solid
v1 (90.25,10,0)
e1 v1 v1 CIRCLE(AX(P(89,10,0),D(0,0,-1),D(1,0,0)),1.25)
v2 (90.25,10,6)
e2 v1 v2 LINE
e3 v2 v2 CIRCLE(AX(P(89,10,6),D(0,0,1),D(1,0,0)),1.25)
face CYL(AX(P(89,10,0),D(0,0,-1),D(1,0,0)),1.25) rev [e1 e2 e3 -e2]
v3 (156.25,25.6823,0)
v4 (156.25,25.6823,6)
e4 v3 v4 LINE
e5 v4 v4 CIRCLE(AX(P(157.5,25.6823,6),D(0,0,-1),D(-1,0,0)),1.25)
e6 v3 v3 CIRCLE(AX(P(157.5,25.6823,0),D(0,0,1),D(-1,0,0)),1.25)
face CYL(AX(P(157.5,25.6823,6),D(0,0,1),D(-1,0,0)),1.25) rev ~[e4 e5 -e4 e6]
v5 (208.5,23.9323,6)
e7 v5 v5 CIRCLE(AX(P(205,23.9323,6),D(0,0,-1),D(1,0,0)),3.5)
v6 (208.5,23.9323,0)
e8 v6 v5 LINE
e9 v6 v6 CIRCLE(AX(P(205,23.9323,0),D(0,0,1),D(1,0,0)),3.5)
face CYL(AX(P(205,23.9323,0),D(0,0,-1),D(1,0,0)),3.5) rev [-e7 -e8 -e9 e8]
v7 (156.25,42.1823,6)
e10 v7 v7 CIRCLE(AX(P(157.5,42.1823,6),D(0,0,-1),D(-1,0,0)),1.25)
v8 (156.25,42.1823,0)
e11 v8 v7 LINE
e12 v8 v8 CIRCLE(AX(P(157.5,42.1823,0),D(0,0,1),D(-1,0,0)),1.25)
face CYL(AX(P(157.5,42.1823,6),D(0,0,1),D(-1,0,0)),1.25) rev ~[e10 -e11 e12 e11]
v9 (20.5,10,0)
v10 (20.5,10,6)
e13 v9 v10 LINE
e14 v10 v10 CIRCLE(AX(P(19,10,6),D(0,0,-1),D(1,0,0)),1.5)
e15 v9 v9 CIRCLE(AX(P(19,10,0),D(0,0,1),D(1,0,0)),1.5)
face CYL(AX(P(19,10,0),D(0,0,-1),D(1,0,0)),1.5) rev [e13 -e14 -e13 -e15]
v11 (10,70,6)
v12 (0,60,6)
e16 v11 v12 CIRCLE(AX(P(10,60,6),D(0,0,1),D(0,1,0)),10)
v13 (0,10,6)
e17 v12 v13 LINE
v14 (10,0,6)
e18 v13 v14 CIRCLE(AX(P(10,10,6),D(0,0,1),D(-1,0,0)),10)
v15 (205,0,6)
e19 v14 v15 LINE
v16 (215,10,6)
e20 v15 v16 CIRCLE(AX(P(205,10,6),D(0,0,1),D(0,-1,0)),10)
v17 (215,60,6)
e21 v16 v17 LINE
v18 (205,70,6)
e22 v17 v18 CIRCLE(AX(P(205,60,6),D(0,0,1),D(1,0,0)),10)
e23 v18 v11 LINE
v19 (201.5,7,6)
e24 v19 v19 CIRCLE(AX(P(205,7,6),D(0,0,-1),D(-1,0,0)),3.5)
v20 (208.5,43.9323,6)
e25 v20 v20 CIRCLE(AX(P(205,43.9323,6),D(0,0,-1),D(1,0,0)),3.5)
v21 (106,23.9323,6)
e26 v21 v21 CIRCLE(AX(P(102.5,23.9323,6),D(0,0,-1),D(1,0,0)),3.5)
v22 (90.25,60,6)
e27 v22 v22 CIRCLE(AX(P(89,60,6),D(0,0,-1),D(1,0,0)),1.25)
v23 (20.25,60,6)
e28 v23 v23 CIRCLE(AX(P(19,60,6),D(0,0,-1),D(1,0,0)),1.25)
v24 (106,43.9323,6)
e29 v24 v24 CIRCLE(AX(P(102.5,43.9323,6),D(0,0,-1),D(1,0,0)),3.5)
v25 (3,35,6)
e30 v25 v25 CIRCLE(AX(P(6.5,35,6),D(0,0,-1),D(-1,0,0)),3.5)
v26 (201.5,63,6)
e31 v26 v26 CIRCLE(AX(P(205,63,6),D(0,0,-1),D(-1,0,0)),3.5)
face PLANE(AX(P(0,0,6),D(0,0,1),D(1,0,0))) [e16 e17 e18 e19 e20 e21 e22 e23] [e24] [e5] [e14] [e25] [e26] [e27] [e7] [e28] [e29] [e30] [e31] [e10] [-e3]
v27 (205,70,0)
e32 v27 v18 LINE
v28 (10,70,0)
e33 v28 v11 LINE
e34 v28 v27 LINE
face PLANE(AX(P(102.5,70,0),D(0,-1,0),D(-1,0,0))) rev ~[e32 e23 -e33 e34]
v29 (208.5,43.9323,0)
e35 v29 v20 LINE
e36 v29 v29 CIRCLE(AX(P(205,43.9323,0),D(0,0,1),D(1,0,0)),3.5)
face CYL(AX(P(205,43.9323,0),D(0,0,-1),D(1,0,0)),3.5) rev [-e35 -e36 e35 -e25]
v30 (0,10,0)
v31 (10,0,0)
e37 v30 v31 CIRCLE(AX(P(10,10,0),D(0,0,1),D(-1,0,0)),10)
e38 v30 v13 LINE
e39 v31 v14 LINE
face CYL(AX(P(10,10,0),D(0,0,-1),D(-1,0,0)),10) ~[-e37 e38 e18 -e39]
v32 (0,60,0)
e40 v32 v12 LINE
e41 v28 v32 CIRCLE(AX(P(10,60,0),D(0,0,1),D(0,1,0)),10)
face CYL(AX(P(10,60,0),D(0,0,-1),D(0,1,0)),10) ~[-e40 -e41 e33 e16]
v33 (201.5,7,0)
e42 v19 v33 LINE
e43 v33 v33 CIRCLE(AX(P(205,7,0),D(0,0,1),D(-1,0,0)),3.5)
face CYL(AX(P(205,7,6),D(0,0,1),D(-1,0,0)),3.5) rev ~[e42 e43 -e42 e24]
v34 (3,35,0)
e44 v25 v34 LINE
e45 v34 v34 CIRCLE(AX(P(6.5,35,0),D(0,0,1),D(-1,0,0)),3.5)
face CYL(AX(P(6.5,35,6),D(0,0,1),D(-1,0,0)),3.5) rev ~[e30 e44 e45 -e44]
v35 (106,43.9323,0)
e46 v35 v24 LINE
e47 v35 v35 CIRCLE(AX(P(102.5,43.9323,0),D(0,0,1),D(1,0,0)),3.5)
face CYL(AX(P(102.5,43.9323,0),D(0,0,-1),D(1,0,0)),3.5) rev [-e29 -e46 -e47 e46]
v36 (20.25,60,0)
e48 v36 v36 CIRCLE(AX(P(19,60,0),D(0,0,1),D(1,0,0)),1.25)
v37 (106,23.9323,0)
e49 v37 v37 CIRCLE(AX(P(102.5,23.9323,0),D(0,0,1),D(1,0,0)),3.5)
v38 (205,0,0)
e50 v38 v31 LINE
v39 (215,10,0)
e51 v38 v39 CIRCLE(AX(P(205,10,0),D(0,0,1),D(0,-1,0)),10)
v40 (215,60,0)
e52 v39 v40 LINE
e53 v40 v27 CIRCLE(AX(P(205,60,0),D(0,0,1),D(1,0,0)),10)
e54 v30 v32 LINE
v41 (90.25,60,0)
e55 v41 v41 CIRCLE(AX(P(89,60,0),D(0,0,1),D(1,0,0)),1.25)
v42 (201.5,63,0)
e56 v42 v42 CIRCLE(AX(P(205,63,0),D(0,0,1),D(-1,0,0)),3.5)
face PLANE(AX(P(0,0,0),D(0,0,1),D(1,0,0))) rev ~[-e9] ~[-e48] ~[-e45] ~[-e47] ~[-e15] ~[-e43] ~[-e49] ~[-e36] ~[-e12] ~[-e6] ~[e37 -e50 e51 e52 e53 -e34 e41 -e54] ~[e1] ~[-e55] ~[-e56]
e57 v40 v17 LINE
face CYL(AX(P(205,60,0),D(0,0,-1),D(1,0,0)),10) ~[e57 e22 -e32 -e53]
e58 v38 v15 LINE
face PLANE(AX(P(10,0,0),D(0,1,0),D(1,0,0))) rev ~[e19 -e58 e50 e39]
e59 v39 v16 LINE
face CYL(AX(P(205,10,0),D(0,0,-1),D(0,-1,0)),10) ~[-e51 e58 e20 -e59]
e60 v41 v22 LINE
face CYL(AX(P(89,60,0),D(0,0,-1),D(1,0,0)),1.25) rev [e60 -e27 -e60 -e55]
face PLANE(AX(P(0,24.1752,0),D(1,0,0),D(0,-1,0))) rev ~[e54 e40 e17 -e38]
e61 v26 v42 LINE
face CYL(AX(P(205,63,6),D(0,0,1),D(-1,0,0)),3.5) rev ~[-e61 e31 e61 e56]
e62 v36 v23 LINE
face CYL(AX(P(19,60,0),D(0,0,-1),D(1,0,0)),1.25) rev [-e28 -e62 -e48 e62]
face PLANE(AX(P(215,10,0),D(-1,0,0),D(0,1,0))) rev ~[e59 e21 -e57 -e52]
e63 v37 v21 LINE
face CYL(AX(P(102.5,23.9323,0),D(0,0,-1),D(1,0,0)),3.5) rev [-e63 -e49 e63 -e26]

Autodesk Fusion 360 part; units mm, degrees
sketch "Sketch1" plane through (0, 0, 0) normal (0, 0, 1) x (1, 0, 0)
  line L0 (10, 0) -> (205, 0)
  line L1 (215, 10) -> (215, 60)
  line L2 (205, 70) -> (10, 70)
  line L3 (0, 60) -> (0, 10)
  arc A0 (10, 70) -> (0, 60) centre (10, 60) ccw
  arc A1 (0, 10) -> (10, 0) centre (10, 10) ccw
  arc A2 (215, 60) -> (205, 70) centre (205, 60) ccw
  arc A3 (205, 0) -> (215, 10) centre (205, 10) ccw
  line L4 (205, 70) -> (205, 0)
  circle A4 centre (205, 43.9323) radius 3.5
  circle A5 centre (205, 23.9323) radius 3.5
  line L5 (102.5, 70) -> (102.5, 0)
  line L6 (205, 43.9323) -> (102.5, 43.9323)
  line L7 (205, 23.9323) -> (102.5, 23.9323)
  circle A6 centre (102.5, 43.9323) radius 3.5
  circle A7 centre (102.5, 23.9323) radius 3.5
  line L8 (89, 60) -> (49, 60)
  line L9 (49, 60) -> (49, 10)
  line L10 (49, 10) -> (89, 10)
  line L11 (89, 10) -> (89, 60)
  line L12 (102.5, 35) -> (89, 35)
  line L13 (49, 52.5466) -> (19, 52.5466)
  line L14 (19, 52.5466) -> (19, 17.4534)
  line L15 (19, 17.4534) -> (49, 17.4534)
  line L16 (49, 17.4534) -> (49, 52.5466)
  line L17 (19, 35) -> (49, 35)
  line L18 (0, 0) -> (0, 24.1752)
  line L19 (0, 0) -> (-15.0158, 0)
  line L20 (89, 60) -> (19, 60)
  line L21 (19, 60) -> (19, 10)
  line L22 (19, 10) -> (89, 10)
  line L23 (89, 10) -> (89, 60)
  circle A8 centre (89, 60) radius 1.25
  circle A9 centre (89, 10) radius 1.25
  circle A10 centre (19, 10) radius 1.5
  circle A11 centre (19, 60) radius 1.25
  point P0 (215, 0)
  point P1 (215, 70)
  point P2 (0, 70)
  dimension "d1" = 215
  dimension "d2" = 70
  dimension "d3" = 10
  dimension "d4" = 10
  dimension "d5" = 10
  dimension "d6" = 10
  dimension "d7" = 10
  dimension "d8" = 7
  dimension "d9" = 7
  dimension "d10" = 20
  dimension "d11" = 102.5
  dimension "d12" = 7
  dimension "d13" = 7
  dimension "d14" = 40
  dimension "d15" = 50
  dimension "d16" = 90
  dimension "d17" = 13.5
  dimension "d18" = 30
  dimension "d19" = 90
  dimension "d20" = 2.5
  dimension "d21" = 2.5
  dimension "d22" = 3
  dimension "d23" = 2.5
extrude "Extrude1" add sketch "Sketch1" along normal blind 6 contours L8 L9 L10 L11 L16 L20 L22 L23 A8 A9 | L0 L2 L3 A0 A1 L5 A6 A7 L18 | L0 L4 A5 L5 L7 A7 | L1 A2 A3 L4 A4 A5 | L4 A4 A5 L5 L6 L7 A6 A7 | L2 L4 A4 L5 L6 A6 | L9 L15 L21 L22 A10 | L9 L13 L20 L21 A11 | L9 L14 L15 L16 L17 L21 | L9 L13 L14 L16 L17 L21
sketch "Sketch2" plane through (0, 0, 6) normal (0, 0, 1) x (-1, 0, 0)
  circle A0 centre (-19, -60) radius 1.25
  circle A1 centre (-102.5, -43.9323) radius 3.5
  circle A2 centre (-89, -60) radius 1.25
  circle A3 centre (-89, -10) radius 1.25
  circle A4 centre (-102.5, -23.9323) radius 3.5
  circle A5 centre (-19, -10) radius 1.5
  circle A6 centre (-205, -23.9323) radius 3.5
  circle A7 centre (-205, -43.9323) radius 3.5
  arc A8 (0, -10) -> (-10, 0) centre (-10, -10) ccw
  line L0 (-10, 0) -> (-205, 0)
  arc A9 (-205, 0) -> (-215, -10) centre (-205, -10) ccw
  line L1 (-215, -10) -> (-215, -60)
  arc A10 (-215, -60) -> (-205, -70) centre (-205, -60) ccw
  line L2 (-205, -70) -> (-10, -70)
  arc A11 (-10, -70) -> (0, -60) centre (-10, -60) ccw
  line L3 (0, -60) -> (0, -10)
  line L4 (-157.5, -70) -> (-157.5, 0)
  line L5 (-102.5, -43.9323) -> (-102.5, -23.9323)
  circle A12 centre (-157.5, -42.1823) radius 1.25
  circle A13 centre (-157.5, -25.6823) radius 1.25
  line L6 (-151.1278, -40.9323) -> (-166.7652, -40.9323)
  line L7 (-166.7652, -40.9323) -> (-166.7652, -26.9323)
  line L8 (-166.7652, -26.9323) -> (-151.1278, -26.9323)
  line L9 (-151.1278, -26.9323) -> (-151.1278, -40.9323)
  line L10 (-151.1278, -33.9323) -> (-102.5, -33.9323)
  dimension "d26" = 55
  dimension "d27" = 14
  dimension "d28" = 90
  dimension "d29" = 2.5
  dimension "d30" = 2.5
extrude "Extrude2" cut sketch "Sketch2" against normal blind 5 contours L4 A13 | L4 A13 | L4 A12 | L4 A12
sketch "Sketch3" plane through (0, 0, 6) normal (0, 0, 1) x (-1, 0, 0)
  circle A0 centre (-157.5, -42.1823) radius 1.25
  circle A1 centre (-157.5, -25.6823) radius 1.25
  circle A2 centre (-205, -43.9323) radius 3.5
  circle A3 centre (-19, -10) radius 1.5
  circle A4 centre (-89, -60) radius 1.25
  circle A5 centre (-89, -10) radius 1.25
  circle A6 centre (-102.5, -43.9323) radius 3.5
  circle A7 centre (-19, -60) radius 1.25
  circle A8 centre (-205, -23.9323) radius 3.5
  circle A9 centre (-102.5, -23.9323) radius 3.5
  arc A10 (0, -10) -> (-10, 0) centre (-10, -10) ccw
  line L0 (-10, 0) -> (-205, 0)
  arc A11 (-205, 0) -> (-215, -10) centre (-205, -10) ccw
  line L1 (-215, -10) -> (-215, -60)
  arc A12 (-215, -60) -> (-205, -70) centre (-205, -60) ccw
  line L2 (-205, -70) -> (-10, -70)
  arc A13 (-10, -70) -> (0, -60) centre (-10, -60) ccw
  line L3 (0, -60) -> (0, -10)
  line L4 (-6.5, -60) -> (-6.5, -10)
  circle A14 centre (-6.5, -35) radius 3.5
  line L5 (-10, -60) -> (-10, -10)
  line L6 (-6.5, -35) -> (0, -35)
  line L7 (-205, -70) -> (-205, 0)
  circle A15 centre (-205, -63) radius 3.5
  circle A16 centre (-205, -7) radius 3.5
  dimension "d33" = 7
  dimension "d36" = 7
  dimension "d37" = 7
  dimension "d38" = 7
  dimension "d39" = 7
extrude "Extrude3" cut sketch "Sketch3" against normal blind 7 contours L4 A14 L6 | L4 A14 L6 | L7 A15 | L7 A15 | L7 A16 | L7 A16 | L4 A14
extrude "Extrude4" cut 1 faces at (157.8221, 41.8565, 1) along direction (0, 0, -1) blind 5
extrude "Extrude5" cut 1 faces at (157.1946, 25.2747, 1) along direction (0, 0, -1) blind 5
